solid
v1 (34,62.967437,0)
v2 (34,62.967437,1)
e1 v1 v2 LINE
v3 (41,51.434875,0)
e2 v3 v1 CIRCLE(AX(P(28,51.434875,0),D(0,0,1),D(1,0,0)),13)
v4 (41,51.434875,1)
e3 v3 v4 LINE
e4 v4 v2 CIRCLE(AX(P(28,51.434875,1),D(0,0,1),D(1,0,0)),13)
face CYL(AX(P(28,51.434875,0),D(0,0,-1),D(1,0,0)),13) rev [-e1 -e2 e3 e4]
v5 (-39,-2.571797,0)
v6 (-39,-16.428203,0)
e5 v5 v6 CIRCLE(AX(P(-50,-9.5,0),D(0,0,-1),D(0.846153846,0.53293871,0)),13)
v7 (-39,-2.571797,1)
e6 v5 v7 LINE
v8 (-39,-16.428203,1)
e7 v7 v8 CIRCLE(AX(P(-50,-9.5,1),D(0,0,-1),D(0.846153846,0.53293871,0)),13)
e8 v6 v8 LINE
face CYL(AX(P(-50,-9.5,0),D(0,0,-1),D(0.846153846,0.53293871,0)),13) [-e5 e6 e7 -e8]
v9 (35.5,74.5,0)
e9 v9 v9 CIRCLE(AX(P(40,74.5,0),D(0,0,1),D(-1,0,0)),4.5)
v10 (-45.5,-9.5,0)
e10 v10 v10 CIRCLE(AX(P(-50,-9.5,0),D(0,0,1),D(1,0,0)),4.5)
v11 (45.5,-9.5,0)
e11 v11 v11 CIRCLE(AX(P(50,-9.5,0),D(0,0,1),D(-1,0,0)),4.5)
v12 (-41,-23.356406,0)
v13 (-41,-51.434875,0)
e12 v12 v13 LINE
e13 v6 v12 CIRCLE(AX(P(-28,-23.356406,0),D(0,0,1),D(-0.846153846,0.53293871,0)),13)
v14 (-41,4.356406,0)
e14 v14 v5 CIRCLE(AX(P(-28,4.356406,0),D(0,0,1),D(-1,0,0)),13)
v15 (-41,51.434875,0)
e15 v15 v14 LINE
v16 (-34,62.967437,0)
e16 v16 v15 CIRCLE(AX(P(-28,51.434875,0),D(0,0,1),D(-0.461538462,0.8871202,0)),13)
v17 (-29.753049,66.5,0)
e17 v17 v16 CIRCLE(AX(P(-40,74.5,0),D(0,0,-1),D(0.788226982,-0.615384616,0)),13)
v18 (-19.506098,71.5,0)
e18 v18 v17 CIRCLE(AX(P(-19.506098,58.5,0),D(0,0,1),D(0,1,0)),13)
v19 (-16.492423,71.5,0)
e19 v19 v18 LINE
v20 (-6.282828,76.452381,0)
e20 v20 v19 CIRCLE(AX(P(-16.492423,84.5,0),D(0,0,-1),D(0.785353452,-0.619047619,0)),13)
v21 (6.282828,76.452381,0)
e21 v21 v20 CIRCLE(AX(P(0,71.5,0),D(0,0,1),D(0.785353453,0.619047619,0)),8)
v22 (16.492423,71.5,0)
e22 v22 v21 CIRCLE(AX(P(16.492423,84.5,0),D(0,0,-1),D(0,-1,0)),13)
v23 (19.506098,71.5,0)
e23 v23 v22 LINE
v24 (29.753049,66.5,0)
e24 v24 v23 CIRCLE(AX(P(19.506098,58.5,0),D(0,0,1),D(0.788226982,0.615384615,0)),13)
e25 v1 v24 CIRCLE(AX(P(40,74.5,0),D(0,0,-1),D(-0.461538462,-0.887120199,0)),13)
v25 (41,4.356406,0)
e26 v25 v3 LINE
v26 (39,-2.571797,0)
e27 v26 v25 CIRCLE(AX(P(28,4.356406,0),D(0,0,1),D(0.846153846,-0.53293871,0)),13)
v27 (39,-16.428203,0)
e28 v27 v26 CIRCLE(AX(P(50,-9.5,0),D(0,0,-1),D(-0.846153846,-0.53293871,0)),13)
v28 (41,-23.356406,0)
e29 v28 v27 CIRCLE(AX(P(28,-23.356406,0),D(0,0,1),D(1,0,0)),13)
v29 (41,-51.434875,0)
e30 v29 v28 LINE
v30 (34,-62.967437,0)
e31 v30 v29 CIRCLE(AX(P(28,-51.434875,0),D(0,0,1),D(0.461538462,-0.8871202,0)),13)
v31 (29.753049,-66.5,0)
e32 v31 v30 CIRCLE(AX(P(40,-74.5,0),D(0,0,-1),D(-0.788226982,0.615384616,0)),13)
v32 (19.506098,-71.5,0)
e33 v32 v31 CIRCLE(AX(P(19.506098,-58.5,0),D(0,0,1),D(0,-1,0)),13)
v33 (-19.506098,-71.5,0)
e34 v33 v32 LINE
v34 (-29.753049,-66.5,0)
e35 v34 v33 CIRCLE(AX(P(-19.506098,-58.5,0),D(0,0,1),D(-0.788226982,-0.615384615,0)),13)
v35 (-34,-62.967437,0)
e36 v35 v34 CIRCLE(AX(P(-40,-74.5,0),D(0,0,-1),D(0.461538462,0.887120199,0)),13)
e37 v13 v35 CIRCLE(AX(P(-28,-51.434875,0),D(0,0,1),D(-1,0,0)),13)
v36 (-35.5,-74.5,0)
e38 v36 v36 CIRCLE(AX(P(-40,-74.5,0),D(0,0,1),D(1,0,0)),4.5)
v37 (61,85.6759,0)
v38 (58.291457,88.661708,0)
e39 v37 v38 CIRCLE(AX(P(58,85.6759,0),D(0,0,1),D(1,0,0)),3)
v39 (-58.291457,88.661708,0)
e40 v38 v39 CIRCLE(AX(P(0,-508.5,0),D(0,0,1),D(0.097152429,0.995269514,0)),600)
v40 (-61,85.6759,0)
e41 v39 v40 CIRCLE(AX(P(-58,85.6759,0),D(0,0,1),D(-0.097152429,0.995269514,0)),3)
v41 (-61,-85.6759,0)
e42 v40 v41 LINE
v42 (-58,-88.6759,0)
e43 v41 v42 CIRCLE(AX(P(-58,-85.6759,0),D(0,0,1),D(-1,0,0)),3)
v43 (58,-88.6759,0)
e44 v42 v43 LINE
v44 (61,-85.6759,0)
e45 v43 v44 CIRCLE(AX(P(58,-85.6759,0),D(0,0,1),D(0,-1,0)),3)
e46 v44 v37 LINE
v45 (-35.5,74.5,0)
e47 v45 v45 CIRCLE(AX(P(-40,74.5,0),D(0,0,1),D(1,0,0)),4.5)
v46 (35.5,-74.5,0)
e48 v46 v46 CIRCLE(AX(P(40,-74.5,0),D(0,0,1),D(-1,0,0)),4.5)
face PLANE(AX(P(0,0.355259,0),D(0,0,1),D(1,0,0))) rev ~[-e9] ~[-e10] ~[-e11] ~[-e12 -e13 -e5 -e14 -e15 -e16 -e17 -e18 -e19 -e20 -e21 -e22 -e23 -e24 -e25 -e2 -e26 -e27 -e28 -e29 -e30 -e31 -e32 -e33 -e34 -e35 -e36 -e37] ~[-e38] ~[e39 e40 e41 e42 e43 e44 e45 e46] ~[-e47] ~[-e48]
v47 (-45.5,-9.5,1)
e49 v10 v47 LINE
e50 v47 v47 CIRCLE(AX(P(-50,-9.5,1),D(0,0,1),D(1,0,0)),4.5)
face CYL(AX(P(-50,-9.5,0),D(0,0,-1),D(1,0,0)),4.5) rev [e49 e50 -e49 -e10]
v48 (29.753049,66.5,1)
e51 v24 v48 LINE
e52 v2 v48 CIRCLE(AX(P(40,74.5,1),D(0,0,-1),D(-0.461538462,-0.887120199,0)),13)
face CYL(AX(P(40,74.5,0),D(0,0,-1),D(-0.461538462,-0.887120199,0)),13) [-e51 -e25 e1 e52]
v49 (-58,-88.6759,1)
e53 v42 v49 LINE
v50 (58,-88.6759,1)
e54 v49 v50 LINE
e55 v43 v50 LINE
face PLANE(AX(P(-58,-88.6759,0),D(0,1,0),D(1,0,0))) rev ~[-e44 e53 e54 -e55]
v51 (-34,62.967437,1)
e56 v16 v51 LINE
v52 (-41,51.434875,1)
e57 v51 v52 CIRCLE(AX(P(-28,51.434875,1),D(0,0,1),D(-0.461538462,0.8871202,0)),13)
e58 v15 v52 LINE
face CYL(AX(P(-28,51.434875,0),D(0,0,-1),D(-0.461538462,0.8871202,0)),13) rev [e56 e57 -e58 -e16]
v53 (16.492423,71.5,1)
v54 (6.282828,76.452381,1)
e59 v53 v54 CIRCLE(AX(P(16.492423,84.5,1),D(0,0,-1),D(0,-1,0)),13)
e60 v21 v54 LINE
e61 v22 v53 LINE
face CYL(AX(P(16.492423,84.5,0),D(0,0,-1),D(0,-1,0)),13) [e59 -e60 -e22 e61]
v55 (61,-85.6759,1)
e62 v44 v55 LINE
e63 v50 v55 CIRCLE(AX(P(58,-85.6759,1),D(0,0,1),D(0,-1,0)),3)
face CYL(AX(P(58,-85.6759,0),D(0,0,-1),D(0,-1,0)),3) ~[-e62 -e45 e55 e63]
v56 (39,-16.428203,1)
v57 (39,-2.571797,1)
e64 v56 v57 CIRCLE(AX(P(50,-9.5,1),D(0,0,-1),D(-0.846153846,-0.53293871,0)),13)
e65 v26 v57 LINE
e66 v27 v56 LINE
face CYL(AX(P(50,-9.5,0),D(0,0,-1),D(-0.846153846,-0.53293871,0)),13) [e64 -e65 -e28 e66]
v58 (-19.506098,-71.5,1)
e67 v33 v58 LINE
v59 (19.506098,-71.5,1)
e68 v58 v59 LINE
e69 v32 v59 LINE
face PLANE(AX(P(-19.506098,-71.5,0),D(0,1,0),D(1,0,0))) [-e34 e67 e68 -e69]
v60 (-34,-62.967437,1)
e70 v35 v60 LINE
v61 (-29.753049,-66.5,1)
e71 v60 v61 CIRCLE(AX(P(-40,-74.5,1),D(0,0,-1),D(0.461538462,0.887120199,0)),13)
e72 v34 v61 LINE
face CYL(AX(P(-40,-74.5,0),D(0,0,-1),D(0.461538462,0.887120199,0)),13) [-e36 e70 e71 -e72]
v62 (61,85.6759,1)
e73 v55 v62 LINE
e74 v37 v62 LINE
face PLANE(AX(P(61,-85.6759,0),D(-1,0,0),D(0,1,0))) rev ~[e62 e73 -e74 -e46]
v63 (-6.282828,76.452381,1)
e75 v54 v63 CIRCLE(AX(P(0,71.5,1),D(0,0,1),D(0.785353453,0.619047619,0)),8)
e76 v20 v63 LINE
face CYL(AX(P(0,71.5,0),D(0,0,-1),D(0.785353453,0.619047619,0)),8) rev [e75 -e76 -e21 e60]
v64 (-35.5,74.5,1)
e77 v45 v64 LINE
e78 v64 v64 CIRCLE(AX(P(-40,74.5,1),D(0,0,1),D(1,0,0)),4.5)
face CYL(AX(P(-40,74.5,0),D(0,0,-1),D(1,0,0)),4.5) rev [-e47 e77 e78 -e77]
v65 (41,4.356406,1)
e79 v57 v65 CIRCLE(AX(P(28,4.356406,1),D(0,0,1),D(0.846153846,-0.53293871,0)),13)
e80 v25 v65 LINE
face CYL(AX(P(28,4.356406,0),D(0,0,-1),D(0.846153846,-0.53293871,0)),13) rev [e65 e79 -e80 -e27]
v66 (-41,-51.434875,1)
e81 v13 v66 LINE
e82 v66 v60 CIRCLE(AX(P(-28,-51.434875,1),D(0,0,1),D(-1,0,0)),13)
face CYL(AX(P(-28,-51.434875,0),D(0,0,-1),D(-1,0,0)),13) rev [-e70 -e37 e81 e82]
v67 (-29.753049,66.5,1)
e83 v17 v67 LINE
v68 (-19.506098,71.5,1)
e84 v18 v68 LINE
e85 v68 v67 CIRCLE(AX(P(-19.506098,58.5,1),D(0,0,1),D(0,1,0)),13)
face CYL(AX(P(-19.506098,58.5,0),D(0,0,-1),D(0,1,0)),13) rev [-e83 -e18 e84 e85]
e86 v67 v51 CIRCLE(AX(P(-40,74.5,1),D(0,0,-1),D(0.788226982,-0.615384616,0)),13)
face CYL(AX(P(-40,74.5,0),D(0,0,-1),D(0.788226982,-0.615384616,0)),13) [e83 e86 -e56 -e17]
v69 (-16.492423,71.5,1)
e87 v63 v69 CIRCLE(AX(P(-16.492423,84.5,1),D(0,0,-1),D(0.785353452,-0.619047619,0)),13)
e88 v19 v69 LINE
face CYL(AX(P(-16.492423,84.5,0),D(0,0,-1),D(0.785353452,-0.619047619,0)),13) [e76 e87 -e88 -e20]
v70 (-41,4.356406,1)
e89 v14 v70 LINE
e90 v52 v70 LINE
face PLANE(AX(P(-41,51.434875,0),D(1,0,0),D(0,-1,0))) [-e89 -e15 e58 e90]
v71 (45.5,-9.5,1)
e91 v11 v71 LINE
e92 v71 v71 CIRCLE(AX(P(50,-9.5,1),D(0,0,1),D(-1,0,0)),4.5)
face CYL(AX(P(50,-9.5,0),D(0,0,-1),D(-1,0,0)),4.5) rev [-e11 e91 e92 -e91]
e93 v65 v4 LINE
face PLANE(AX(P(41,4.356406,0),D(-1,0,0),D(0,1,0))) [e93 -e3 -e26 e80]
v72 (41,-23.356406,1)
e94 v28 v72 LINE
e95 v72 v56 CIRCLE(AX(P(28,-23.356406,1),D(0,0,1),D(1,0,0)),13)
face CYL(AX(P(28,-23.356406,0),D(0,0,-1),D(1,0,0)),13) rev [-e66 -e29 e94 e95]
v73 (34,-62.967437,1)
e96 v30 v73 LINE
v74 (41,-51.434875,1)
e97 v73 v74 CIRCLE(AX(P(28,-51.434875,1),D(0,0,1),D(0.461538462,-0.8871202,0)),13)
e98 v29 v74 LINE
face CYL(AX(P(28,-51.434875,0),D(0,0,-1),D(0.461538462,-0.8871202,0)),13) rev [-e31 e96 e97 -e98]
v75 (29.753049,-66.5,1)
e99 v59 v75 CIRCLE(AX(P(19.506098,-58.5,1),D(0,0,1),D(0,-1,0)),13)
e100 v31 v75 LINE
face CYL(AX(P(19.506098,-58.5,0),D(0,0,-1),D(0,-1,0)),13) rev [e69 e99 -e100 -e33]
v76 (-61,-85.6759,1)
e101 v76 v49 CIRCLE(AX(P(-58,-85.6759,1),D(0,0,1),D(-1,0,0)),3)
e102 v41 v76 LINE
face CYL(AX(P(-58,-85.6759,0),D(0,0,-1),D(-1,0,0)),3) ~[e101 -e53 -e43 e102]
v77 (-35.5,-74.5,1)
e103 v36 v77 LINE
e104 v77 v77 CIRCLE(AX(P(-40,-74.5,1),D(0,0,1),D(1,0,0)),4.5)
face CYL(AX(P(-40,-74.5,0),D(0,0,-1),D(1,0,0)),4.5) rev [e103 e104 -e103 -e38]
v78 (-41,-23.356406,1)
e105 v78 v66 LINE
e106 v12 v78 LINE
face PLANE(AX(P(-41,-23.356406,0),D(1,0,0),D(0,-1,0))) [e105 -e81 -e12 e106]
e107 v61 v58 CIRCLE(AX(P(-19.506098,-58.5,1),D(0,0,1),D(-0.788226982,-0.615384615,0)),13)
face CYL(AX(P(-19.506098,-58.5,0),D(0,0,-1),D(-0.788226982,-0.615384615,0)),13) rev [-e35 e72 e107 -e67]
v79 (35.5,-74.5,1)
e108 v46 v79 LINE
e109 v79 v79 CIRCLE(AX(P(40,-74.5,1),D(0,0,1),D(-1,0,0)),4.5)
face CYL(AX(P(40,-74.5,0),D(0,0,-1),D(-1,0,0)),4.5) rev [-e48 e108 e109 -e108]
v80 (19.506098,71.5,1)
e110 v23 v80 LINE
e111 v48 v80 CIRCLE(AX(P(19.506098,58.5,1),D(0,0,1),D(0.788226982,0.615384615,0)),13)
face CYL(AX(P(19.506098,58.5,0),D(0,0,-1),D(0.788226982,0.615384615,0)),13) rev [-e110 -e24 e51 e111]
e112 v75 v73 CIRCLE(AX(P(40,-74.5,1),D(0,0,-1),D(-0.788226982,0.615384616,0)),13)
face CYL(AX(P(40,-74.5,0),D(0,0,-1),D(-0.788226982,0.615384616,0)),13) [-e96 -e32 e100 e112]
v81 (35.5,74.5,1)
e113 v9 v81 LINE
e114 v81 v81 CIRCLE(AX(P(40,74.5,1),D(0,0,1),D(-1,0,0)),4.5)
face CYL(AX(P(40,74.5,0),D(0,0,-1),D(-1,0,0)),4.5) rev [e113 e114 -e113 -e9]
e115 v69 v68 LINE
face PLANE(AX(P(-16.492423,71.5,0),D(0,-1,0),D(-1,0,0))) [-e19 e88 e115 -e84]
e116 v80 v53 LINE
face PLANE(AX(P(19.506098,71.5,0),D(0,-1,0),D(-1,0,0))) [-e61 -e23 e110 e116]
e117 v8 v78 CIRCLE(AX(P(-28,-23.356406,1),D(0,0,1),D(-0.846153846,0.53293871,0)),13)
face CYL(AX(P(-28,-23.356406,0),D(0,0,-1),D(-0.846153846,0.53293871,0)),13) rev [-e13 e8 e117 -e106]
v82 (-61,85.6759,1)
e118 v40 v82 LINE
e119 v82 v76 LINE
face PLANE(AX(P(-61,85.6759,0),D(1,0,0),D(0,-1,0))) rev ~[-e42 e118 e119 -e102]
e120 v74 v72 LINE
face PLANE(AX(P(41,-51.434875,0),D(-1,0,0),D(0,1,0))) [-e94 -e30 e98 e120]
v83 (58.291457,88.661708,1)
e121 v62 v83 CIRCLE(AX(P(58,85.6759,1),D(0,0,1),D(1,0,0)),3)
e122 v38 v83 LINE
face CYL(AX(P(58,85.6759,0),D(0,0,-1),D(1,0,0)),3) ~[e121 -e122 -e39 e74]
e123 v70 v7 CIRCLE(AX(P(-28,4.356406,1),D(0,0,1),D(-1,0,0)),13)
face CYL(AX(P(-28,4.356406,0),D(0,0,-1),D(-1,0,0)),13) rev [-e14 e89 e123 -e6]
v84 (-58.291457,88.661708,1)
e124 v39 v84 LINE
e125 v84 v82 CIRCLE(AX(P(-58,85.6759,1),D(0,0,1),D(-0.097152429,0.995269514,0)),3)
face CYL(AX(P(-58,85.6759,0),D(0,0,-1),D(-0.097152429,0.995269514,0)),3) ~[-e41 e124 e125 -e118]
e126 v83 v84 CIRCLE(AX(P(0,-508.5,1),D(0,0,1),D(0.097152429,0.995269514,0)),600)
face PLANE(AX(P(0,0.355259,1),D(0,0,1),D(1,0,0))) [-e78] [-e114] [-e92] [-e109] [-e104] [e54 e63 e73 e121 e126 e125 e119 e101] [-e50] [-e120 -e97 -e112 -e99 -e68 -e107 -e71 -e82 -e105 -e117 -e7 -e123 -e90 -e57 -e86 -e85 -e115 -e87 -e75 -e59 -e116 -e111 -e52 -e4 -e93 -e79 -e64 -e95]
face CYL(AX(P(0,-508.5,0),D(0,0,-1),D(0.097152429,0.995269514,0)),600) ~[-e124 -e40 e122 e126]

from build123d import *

# Parameters (mm, degrees)
SKETCH1_R           = 4.5
BOSS_EXTRUDE1_DEPTH = 1


with BuildPart() as part:
    # Sketch1 → Boss-Extrude1 (new body)
    with BuildSketch(Plane.XY):
        with BuildLine():
            Line((-61, 85.675899882), (-61, -85.675899882))
            ThreePointArc((-61, -85.675899882), (-60.121320344, -87.797220225), (-58, -88.675899882))
            Line((-58, -88.675899882), (58, -88.675899882))
            ThreePointArc((58, -88.675899882), (60.121320344, -87.797220225), (61, -85.675899882))
            Line((61, -85.675899882), (61, 85.675899882))
            ThreePointArc((61, 85.675899882), (60.221977932, 87.691542228), (58.291457286, 88.661708424))
            ThreePointArc((58.291457286, 88.661708424), (0, 91.5), (-58.291457286, 88.661708424))
            ThreePointArc((-58.291457286, 88.661708424), (-60.221977932, 87.691542228), (-61, 85.675899882))
        make_face()
        with Locations((-40, 74.5)):
            Circle(SKETCH1_R, mode=Mode.SUBTRACT)
        with Locations((-50, -9.5)):
            Circle(SKETCH1_R, mode=Mode.SUBTRACT)
        with Locations((-40, -74.5)):
            Circle(SKETCH1_R, mode=Mode.SUBTRACT)
        with Locations(Location((40, -74.5, 0), (0, 0, 180))):
            Circle(SKETCH1_R, mode=Mode.SUBTRACT)
        with Locations(Location((50, -9.5, 0), (0, 0, 180))):
            Circle(SKETCH1_R, mode=Mode.SUBTRACT)
        with Locations(Location((40, 74.5, 0), (0, 0, 180))):
            Circle(SKETCH1_R, mode=Mode.SUBTRACT)
        with BuildLine():
            Line((-41, -23.356406461), (-41, -51.434874811))
            ThreePointArc((-41, -51.434874811), (-39.113055385, -58.180243592), (-34, -62.967437405))
            ThreePointArc((-34, -62.967437405), (-31.68672135, -64.505531626), (-29.753049234, -66.5))
            ThreePointArc((-29.753049234, -66.5), (-25.206975594, -70.183321446), (-19.506098468, -71.5))
            Line((-19.506098468, -71.5), (19.506098468, -71.5))
            ThreePointArc((19.506098468, -71.5), (25.206975594, -70.183321446), (29.753049234, -66.5))
            ThreePointArc((29.753049234, -66.5), (31.68672135, -64.505531626), (34, -62.967437405))
            ThreePointArc((34, -62.967437405), (39.113055385, -58.180243592), (41, -51.434874811))
            Line((41, -51.434874811), (41, -23.356406461))
            ThreePointArc((41, -23.356406461), (40.489995997, -19.750855185), (39, -16.42820323))
            ThreePointArc((39, -16.42820323), (37, -9.5), (39, -2.57179677))
            ThreePointArc((39, -2.57179677), (40.489995997, 0.750855185), (41, 4.356406461))
            Line((41, 4.356406461), (41, 51.434874811))
            ThreePointArc((41, 51.434874811), (39.113055385, 58.180243592), (34, 62.967437405))
            ThreePointArc((34, 62.967437405), (31.68672135, 64.505531626), (29.753049234, 66.5))
            ThreePointArc((29.753049234, 66.5), (25.206975594, 70.183321446), (19.506098468, 71.5))
            Line((19.506098468, 71.5), (16.492422502, 71.5))
            ThreePointArc((16.492422502, 71.5), (10.818757356, 72.803439659), (6.28282762, 76.452380952))
            ThreePointArc((6.28282762, 76.452380952), (0, 79.5), (-6.28282762, 76.452380952))
            ThreePointArc((-6.28282762, 76.452380952), (-10.818757356, 72.803439659), (-16.492422502, 71.5))
            Line((-16.492422502, 71.5), (-19.506098468, 71.5))
            ThreePointArc((-19.506098468, 71.5), (-25.206975594, 70.183321446), (-29.753049234, 66.5))
            ThreePointArc((-29.753049234, 66.5), (-31.68672135, 64.505531626), (-34, 62.967437405))
            ThreePointArc((-34, 62.967437405), (-39.113055385, 58.180243592), (-41, 51.434874811))
            Line((-41, 51.434874811), (-41, 4.356406461))
            ThreePointArc((-41, 4.356406461), (-40.489995997, 0.750855185), (-39, -2.57179677))
            ThreePointArc((-39, -2.57179677), (-37, -9.5), (-39, -16.42820323))
            ThreePointArc((-39, -16.42820323), (-40.489995997, -19.750855185), (-41, -23.356406461))
        make_face(mode=Mode.SUBTRACT)
    extrude(amount=BOSS_EXTRUDE1_DEPTH)


solid = part.part
